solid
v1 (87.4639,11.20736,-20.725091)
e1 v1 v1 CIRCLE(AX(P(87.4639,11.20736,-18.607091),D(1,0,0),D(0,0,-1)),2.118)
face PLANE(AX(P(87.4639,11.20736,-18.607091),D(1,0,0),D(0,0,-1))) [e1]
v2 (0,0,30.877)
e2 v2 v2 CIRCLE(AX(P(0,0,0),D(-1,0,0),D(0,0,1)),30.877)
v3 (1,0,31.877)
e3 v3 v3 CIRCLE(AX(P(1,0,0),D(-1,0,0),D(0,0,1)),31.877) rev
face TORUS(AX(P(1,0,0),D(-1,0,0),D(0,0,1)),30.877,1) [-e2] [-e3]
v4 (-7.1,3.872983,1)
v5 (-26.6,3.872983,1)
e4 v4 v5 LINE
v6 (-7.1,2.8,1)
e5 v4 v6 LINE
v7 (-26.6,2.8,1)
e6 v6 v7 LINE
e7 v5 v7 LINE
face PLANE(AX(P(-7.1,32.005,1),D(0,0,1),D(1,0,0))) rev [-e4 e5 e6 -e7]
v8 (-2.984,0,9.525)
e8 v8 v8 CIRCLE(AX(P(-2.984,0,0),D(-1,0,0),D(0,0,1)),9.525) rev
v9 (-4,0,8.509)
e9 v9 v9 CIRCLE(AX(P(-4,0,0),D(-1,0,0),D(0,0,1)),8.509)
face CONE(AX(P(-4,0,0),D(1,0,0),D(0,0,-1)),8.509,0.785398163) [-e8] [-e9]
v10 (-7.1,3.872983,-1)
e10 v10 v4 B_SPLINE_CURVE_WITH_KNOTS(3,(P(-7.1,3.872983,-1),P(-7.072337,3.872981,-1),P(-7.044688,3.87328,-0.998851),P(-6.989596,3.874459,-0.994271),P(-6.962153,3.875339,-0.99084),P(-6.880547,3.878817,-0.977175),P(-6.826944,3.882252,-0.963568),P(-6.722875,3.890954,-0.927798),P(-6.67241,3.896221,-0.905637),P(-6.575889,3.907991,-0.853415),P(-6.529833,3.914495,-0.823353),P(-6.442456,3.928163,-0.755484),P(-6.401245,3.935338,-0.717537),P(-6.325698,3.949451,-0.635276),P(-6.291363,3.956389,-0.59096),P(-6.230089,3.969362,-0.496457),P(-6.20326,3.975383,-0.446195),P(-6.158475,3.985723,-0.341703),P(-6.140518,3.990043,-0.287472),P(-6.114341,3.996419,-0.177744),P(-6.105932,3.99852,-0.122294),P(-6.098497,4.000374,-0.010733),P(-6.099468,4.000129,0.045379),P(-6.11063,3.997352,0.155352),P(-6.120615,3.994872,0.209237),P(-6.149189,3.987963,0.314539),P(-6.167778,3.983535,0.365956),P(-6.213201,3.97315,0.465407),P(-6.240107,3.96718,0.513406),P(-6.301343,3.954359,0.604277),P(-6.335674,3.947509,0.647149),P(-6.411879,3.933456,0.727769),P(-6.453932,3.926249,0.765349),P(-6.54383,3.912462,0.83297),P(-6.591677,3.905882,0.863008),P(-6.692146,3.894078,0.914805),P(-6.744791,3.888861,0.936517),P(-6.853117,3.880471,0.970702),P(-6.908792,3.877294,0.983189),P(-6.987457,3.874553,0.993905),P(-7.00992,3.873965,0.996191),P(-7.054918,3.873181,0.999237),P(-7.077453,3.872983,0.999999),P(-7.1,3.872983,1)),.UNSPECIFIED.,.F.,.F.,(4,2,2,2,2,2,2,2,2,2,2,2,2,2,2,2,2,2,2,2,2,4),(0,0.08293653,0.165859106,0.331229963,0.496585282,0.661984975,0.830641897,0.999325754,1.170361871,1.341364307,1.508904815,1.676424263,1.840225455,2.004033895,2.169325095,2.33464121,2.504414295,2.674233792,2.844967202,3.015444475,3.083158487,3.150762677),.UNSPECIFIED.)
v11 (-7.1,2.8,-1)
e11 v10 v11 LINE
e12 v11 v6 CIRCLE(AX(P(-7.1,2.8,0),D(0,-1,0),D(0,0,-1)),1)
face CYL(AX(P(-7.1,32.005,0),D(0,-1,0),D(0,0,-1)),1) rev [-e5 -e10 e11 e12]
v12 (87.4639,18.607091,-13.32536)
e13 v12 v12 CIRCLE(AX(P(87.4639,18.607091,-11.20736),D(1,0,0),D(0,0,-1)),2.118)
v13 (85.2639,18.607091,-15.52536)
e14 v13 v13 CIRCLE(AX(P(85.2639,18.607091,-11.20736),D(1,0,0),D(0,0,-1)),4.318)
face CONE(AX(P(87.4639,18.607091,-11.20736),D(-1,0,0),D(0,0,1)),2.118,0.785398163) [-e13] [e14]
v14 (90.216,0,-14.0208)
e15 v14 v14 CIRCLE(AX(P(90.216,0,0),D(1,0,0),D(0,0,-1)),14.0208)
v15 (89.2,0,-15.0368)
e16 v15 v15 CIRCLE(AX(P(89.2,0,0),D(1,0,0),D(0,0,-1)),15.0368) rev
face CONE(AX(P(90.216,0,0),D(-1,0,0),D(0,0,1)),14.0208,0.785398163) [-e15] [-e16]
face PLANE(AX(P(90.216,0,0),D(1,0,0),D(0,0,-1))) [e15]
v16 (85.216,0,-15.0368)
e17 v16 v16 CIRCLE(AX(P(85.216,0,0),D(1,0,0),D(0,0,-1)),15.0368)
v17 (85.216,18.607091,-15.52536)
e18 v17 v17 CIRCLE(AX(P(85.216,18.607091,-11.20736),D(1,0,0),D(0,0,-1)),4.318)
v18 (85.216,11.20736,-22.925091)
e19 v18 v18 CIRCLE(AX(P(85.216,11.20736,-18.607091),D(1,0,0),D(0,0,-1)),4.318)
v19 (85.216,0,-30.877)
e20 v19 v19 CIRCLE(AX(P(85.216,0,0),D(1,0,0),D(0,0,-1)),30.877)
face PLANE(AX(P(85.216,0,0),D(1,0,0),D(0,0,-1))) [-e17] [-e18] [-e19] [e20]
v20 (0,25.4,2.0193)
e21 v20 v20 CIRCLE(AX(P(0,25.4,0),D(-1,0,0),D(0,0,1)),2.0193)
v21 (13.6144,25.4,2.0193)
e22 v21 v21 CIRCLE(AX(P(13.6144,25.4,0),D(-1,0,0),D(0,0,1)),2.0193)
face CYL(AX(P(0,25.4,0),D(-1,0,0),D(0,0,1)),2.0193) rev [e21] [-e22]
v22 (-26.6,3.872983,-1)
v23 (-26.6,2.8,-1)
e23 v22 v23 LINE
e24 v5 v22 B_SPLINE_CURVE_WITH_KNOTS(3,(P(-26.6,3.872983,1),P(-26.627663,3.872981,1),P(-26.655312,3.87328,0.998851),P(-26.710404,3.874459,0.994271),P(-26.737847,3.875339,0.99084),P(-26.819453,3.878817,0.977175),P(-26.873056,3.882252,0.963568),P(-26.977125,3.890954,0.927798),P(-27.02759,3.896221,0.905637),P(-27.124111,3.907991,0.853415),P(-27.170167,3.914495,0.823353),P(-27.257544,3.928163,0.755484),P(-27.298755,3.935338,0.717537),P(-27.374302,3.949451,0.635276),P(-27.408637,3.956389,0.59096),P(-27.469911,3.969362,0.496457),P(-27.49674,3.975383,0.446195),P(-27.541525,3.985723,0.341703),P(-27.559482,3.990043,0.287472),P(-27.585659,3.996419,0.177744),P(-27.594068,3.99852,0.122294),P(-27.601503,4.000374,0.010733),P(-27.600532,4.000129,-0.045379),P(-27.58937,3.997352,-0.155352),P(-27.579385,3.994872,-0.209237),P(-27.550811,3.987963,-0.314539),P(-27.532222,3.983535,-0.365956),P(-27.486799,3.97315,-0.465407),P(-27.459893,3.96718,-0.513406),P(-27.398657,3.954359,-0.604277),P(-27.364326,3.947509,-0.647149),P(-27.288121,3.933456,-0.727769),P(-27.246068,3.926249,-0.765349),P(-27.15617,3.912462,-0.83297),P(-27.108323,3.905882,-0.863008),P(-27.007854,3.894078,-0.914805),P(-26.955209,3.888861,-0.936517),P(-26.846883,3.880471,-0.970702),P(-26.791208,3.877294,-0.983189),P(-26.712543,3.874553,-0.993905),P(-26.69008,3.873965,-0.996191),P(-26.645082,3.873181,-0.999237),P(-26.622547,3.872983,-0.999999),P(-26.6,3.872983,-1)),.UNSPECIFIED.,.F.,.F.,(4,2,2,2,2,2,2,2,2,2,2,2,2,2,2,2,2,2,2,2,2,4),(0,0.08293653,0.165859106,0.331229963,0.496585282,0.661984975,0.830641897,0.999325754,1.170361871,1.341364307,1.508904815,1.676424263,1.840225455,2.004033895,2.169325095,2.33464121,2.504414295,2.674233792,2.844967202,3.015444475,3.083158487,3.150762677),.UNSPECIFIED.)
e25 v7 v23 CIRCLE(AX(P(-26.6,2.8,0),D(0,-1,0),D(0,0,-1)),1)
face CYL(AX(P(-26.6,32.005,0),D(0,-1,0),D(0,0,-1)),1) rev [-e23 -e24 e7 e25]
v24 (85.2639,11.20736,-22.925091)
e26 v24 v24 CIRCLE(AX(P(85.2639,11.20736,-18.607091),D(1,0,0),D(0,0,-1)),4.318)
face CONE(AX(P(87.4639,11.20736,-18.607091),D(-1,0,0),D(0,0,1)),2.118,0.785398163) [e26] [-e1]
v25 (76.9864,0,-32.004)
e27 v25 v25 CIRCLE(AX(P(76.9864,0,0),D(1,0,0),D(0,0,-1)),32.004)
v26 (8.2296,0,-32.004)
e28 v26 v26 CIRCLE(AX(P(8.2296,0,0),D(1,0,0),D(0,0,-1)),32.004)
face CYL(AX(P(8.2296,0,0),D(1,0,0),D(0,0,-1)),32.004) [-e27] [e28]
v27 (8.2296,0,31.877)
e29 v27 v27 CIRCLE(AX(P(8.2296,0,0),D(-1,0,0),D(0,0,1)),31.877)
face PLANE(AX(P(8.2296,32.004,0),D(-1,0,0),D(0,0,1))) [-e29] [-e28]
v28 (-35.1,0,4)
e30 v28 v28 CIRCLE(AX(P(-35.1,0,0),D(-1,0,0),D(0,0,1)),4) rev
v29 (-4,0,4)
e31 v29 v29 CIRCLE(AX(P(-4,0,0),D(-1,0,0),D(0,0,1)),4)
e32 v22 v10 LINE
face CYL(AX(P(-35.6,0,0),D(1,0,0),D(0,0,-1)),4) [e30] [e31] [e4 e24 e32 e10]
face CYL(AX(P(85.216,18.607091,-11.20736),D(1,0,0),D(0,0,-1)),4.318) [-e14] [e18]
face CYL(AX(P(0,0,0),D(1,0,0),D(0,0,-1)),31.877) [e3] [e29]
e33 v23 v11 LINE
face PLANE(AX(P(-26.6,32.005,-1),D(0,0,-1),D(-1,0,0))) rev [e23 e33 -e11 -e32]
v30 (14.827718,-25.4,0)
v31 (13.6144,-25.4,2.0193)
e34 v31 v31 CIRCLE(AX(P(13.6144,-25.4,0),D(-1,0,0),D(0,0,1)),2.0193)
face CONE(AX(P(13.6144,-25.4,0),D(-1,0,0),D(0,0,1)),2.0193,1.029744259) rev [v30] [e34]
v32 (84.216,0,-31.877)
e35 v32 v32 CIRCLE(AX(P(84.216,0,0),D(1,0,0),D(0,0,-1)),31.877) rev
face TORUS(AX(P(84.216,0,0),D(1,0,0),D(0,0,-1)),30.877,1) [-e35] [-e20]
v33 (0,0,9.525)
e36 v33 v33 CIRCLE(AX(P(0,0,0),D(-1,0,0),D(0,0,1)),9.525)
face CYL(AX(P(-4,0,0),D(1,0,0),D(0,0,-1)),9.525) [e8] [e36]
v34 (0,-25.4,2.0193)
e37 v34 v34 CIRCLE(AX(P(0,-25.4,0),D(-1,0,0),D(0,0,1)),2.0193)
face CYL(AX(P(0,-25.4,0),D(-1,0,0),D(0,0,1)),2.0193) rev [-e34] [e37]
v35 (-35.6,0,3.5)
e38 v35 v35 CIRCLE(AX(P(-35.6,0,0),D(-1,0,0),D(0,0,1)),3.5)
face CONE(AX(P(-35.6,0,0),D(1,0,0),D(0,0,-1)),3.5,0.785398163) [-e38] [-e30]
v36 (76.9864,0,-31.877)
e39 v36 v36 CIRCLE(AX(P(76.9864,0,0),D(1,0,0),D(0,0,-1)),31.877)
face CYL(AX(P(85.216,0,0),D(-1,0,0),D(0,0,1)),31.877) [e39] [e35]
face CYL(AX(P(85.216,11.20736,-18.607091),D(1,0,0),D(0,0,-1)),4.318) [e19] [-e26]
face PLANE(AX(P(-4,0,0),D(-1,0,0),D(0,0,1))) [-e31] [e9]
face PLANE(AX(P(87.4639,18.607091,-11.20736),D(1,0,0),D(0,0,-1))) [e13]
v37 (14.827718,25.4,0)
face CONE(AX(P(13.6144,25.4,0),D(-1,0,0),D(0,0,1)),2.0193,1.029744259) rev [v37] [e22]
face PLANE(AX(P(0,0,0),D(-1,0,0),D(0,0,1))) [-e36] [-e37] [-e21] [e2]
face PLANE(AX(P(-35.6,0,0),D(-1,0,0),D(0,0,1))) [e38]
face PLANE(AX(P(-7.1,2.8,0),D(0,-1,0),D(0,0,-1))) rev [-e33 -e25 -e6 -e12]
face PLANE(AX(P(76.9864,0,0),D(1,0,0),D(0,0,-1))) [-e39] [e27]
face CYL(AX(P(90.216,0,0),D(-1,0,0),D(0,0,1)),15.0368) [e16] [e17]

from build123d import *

# Parameters (mm, degrees)
SKETCH1_W                  = 68.7568
SKETCH1_H                  = 32.004
SKETCH2_R                  = 31.877
BOSS_EXTRUDE1_DEPTH        = 8.2296
SKETCH3_R                  = 15.0368
BOSS_EXTRUDE2_DEPTH        = 5
SKETCH4_R                  = 31.877
BOSS_EXTRUDE3_DEPTH        = 8.2296
SKETCH5_R                  = 9.525
BOSS_EXTRUDE4_DEPTH        = 4
SKETCH6_R                  = 4
BOSS_EXTRUDE5_DEPTH        = 31.6
CUT_EXTRUDE1_REACH         = 31.204
M3_5_CLEARANCE_HOLE1_D     = 4.0386
M3_5_CLEARANCE_HOLE1_DEPTH = 13.6144
M3_5_CLEARANCE_HOLE1_TIP   = 1.213317848
CHAMFER1_SIZE              = 1.016
CHAMFER2_SIZE              = 0.5
FILLET1_R                  = 1


with BuildPart() as part:
    # Sketch1 → Revolve1 (revolve)
    with BuildSketch(Plane.XY):
        with Locations((42.608, 16.002)):
            Rectangle(SKETCH1_W, SKETCH1_H)
    revolve(axis=Axis((8.2296, 0, 0), (1, 0, 0)))

    # Sketch2 → Boss-Extrude1 (add)
    with BuildSketch(Plane(origin=(76.9864, 0, 0), x_dir=(0, 0, -1), z_dir=(1, 0, 0))):
        Circle(SKETCH2_R)
    extrude(amount=BOSS_EXTRUDE1_DEPTH)

    # Sketch3 → Boss-Extrude2 (add)
    with BuildSketch(Plane(origin=(85.216, 0, 0), x_dir=(0, 0, -1), z_dir=(1, 0, 0))):
        Circle(SKETCH3_R)
    extrude(amount=BOSS_EXTRUDE2_DEPTH)

    # Sketch4 → Boss-Extrude3 (add)
    with BuildSketch(Plane.ZY.offset(-8.2296)):
        Circle(SKETCH4_R)
    extrude(amount=BOSS_EXTRUDE3_DEPTH)

    # Sketch5 → Boss-Extrude4 (add)
    with BuildSketch(Plane.ZY):
        Circle(SKETCH5_R)
    extrude(amount=BOSS_EXTRUDE4_DEPTH)

    # Sketch6 → Boss-Extrude5 (add)
    with BuildSketch(Plane.ZY.offset(4)):
        Circle(SKETCH6_R)
    extrude(amount=BOSS_EXTRUDE5_DEPTH)

    # Sketch7 → Cut-Extrude1 (cut, up to next)
    with BuildSketch(Plane.XZ.offset(-2.8), mode=Mode.PRIVATE) as cut_extrude1_sk1:
        with BuildLine():
            Line((-7.1, 1), (-26.6, 1))
            ThreePointArc((-26.6, 1), (-27.6, 0), (-26.6, -1))
            Line((-26.6, -1), (-7.1, -1))
            ThreePointArc((-7.1, -1), (-6.1, 0), (-7.1, 1))
        make_face()
    cut_extrude1_tool1 = extrude(cut_extrude1_sk1.sketch, amount=-CUT_EXTRUDE1_REACH, mode=Mode.PRIVATE) & part.part
    add(cut_extrude1_tool1.solids().sort_by_distance((-16.85, 2.8, 0))[0], mode=Mode.SUBTRACT)

    # Sketch8 → Revolve2 (revolve)
    with BuildSketch(Plane.XY.offset(-18.607090683)):
        Polygon((85.216, 15.525359639), (85.216, 11.207359639), (87.4639, 11.207359639), (87.4639, 13.325359639), (85.2639, 15.525359639), align=None)
    revolve(axis=Axis((85.216, 11.207359639, -18.607090683), (1, 0, 0)))

    # Sketch9 → Revolve3 (revolve)
    with BuildSketch(Plane.XY.offset(-11.207359639)):
        Polygon((85.216, 22.925090683), (85.216, 18.607090683), (87.4639, 18.607090683), (87.4639, 20.725090683), (85.2639, 22.925090683), align=None)
    revolve(axis=Axis((85.216, 18.607090683, -11.207359639), (1, 0, 0)))

    # M3.5 Clearance Hole1
    with Locations(Plane.ZY):
        with Locations((0, 25.4), (0, -25.4)):
            Hole(M3_5_CLEARANCE_HOLE1_D / 2, depth=M3_5_CLEARANCE_HOLE1_DEPTH)
            with Locations((0, 0, -(M3_5_CLEARANCE_HOLE1_DEPTH + M3_5_CLEARANCE_HOLE1_TIP / 2))):  # 118° drill point
                Cone(0, M3_5_CLEARANCE_HOLE1_D / 2, M3_5_CLEARANCE_HOLE1_TIP, mode=Mode.SUBTRACT)

    # Chamfer1
    chamfer1_edges = [part.edges().sort_by_distance(p)[0] for p in [
        (90.216, 0, 15.0368),
        (-4, 0, -9.525),
    ]]
    chamfer(chamfer1_edges, length=CHAMFER1_SIZE)

    # Chamfer2
    chamfer2_edges = [part.edges().sort_by_distance(p)[0] for p in [
        (-35.6, 0, -4),
    ]]
    chamfer(chamfer2_edges, length=CHAMFER2_SIZE)

    # Fillet1
    fillet1_edges = [part.edges().sort_by_distance(p)[0] for p in [
        (0, 0, -31.877),
        (85.216, 0, 31.877),
    ]]
    fillet(fillet1_edges, radius=FILLET1_R)


solid = part.part
